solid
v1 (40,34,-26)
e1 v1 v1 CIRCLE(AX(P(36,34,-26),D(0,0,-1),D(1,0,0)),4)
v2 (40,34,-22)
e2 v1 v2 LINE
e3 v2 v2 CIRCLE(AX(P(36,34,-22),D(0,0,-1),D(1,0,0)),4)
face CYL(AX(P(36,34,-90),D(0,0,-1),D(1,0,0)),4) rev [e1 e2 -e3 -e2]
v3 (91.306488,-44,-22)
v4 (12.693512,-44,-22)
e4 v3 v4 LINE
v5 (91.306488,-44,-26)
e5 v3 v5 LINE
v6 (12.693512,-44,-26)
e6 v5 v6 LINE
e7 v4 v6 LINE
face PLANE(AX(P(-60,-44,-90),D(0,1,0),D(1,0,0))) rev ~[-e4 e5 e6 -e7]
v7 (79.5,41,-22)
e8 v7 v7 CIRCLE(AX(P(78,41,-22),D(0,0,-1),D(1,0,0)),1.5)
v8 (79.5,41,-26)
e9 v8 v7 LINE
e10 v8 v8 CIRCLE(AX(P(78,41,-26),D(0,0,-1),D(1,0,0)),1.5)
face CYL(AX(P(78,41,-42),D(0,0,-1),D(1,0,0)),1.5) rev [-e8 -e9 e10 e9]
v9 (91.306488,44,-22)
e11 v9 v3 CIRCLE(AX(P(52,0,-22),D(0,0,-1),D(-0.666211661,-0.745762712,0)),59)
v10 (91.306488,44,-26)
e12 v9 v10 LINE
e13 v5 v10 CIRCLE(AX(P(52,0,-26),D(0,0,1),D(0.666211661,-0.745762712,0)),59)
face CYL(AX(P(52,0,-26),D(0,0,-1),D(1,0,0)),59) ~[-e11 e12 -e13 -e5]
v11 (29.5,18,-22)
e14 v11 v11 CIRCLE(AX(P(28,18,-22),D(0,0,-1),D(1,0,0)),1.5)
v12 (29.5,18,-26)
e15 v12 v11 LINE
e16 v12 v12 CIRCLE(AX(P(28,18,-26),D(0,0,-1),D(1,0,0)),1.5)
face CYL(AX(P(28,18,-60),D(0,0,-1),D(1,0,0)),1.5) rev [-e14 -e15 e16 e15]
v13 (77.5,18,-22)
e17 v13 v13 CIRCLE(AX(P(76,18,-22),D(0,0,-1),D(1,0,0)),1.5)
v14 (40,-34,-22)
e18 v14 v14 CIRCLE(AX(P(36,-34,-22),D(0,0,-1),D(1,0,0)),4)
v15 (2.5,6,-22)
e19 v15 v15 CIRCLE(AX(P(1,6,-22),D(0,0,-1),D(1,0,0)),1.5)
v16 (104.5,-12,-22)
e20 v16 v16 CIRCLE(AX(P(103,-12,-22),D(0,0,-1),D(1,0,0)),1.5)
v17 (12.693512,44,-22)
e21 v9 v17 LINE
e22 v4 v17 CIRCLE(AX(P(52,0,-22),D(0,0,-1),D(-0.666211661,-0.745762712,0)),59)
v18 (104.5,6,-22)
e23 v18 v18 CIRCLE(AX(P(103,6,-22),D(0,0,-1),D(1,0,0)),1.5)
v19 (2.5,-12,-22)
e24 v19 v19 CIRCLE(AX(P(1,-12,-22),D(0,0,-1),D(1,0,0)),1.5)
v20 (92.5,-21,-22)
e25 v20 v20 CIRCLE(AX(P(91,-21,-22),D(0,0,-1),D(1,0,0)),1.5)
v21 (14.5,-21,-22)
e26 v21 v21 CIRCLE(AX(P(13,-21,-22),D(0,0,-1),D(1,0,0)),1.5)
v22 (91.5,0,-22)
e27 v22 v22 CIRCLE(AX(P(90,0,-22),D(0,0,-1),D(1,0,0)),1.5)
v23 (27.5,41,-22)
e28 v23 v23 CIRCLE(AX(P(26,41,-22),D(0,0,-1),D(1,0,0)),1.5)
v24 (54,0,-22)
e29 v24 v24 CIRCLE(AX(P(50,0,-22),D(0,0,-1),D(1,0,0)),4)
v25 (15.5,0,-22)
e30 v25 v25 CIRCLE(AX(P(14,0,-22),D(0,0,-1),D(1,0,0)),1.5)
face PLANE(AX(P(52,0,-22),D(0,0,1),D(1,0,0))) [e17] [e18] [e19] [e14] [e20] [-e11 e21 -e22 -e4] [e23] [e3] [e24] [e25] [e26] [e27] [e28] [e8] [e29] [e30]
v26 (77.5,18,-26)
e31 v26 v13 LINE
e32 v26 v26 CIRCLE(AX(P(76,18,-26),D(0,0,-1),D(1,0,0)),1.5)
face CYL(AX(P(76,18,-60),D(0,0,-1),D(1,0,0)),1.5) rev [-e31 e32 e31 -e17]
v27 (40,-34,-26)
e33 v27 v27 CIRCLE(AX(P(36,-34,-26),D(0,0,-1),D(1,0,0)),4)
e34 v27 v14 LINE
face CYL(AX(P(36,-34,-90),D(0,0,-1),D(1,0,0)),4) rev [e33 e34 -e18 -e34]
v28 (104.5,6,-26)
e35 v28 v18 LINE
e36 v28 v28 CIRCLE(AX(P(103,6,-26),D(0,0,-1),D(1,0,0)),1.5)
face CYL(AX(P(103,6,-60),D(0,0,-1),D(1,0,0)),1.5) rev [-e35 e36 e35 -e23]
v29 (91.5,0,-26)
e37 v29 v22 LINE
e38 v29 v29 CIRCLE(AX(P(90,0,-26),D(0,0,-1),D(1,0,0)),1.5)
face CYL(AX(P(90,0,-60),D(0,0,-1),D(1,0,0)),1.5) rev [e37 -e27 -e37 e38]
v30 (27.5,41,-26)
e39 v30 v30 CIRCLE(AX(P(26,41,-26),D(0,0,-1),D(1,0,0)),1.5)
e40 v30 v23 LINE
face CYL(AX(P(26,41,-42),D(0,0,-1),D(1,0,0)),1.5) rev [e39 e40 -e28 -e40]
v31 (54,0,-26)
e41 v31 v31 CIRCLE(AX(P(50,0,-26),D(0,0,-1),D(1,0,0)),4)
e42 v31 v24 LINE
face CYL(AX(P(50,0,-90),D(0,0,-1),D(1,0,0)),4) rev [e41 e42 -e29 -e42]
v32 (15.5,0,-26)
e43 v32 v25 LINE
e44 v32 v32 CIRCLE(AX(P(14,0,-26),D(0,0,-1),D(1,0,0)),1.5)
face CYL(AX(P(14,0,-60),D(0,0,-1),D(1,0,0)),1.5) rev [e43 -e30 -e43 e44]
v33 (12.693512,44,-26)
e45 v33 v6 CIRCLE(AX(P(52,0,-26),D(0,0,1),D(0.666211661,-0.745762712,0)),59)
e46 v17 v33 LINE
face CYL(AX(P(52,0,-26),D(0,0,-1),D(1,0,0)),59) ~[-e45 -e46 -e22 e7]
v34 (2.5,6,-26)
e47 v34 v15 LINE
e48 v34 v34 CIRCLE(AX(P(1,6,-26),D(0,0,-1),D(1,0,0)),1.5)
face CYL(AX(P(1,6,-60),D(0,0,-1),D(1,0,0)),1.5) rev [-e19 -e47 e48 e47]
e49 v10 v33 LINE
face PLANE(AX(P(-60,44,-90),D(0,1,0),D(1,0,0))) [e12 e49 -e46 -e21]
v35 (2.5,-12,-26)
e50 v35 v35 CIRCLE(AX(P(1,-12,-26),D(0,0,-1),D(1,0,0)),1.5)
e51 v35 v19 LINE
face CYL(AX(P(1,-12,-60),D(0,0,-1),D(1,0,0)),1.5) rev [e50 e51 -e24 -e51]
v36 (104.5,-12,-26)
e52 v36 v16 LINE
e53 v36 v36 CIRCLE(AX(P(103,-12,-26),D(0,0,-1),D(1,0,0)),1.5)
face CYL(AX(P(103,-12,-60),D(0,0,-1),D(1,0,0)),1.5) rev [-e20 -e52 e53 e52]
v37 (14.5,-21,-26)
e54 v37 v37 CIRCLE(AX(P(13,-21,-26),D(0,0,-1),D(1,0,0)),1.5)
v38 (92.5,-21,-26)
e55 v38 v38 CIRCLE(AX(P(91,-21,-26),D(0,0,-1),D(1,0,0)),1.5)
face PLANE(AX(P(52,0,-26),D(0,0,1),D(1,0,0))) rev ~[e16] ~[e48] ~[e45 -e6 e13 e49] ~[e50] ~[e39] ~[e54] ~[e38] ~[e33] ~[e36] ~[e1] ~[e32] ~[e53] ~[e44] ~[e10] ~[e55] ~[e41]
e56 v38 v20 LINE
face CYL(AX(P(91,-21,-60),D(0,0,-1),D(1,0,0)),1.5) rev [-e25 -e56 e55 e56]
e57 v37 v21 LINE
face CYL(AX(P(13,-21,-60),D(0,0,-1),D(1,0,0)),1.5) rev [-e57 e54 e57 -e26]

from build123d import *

# Parameters (mm, degrees)
CYLINDER1271_R     = 1.5
CYLINDER1271_DEPTH = 100
CYLINDER1270_R     = 1.5
CYLINDER1270_DEPTH = 100
CYLINDER1269_R     = 1.5
CYLINDER1269_DEPTH = 32
CYLINDER1268_R     = 1.5
CYLINDER1268_DEPTH = 32
BOX235_W           = 200
BOX235_H           = 100
BOX235_DEPTH       = 100
BOX233_W           = 200
BOX233_H           = 100
BOX233_DEPTH       = 100
CYLINDER1127_R     = 4
CYLINDER1127_DEPTH = 100
CYLINDER1128_R     = 4
CYLINDER1128_DEPTH = 100
CYLINDER1129_R     = 4
CYLINDER1129_DEPTH = 100
CYLINDER1125_R     = 4
CYLINDER1125_DEPTH = 100
CYLINDER1130_R     = 4
CYLINDER1130_DEPTH = 100
CYLINDER1126_R     = 4
CYLINDER1126_DEPTH = 100
CYLINDER1102_R     = 1.5
CYLINDER1102_DEPTH = 100
CYLINDER1103_R     = 1.5
CYLINDER1103_DEPTH = 100
CYLINDER1104_R     = 1.5
CYLINDER1104_DEPTH = 100
CYLINDER1105_R     = 1.5
CYLINDER1105_DEPTH = 100
CYLINDER1106_R     = 1.5
CYLINDER1106_DEPTH = 100
CYLINDER1107_R     = 1.5
CYLINDER1107_DEPTH = 100
CYLINDER1108_R     = 1.5
CYLINDER1108_DEPTH = 100
CYLINDER1101_R     = 1.5
CYLINDER1101_DEPTH = 100
CYLINDER1092_R     = 59
CYLINDER1092_DEPTH = 4


with BuildPart() as v_lec1271:
    # Cylinder1271 → Cylinder1271 (new body)
    with BuildSketch(Plane(origin=(14, 0, -60), x_dir=(1, 0, 0), z_dir=(0, 0, 1))):
        Circle(CYLINDER1271_R)
    extrude(amount=CYLINDER1271_DEPTH)


with BuildPart() as srouby_troj005:
    # Cylinder1270 → Cylinder1270 (new body)
    with BuildSketch(Plane(origin=(90, 0, -60), x_dir=(1, 0, 0), z_dir=(0, 0, 1))):
        Circle(CYLINDER1270_R)
    extrude(amount=CYLINDER1270_DEPTH)

    # Compound834: union Válec1271
    add(v_lec1271.part)


with BuildPart() as v_lec1269:
    # Cylinder1269 → Cylinder1269 (new body)
    with BuildSketch(Plane(origin=(78, 41, -42), x_dir=(1, 0, 0), z_dir=(0, 0, 1))):
        Circle(CYLINDER1269_R)
    extrude(amount=CYLINDER1269_DEPTH)


with BuildPart() as compound833:
    # Cylinder1268 → Cylinder1268 (new body)
    with BuildSketch(Plane(origin=(26, 41, -42), x_dir=(1, 0, 0), z_dir=(0, 0, 1))):
        Circle(CYLINDER1268_R)
    extrude(amount=CYLINDER1268_DEPTH)

    # Compound833: union Válec1269
    add(v_lec1269.part)


with BuildPart() as krychle235:
    # Box235 → Box235 (new body)
    with BuildSketch(Plane(origin=(-60, 44, -90), x_dir=(1, 0, 0), z_dir=(0, 0, 1))):
        with Locations((100, 50)):
            Rectangle(BOX235_W, BOX235_H)
    extrude(amount=BOX235_DEPTH)


with BuildPart() as krychle233:
    # Box233 → Box233 (new body)
    with BuildSketch(Plane(origin=(-60, -144, -90), x_dir=(1, 0, 0), z_dir=(0, 0, 1))):
        with Locations((100, 50)):
            Rectangle(BOX233_W, BOX233_H)
    extrude(amount=BOX233_DEPTH)


with BuildPart() as v_lec1127:
    # Cylinder1127 → Cylinder1127 (new body)
    with BuildSketch(Plane(origin=(-36, 34, -90), x_dir=(1, 0, 0), z_dir=(0, 0, 1))):
        Circle(CYLINDER1127_R)
    extrude(amount=CYLINDER1127_DEPTH)


with BuildPart() as v_lec1128:
    # Cylinder1128 → Cylinder1128 (new body)
    with BuildSketch(Plane(origin=(-36, -34, -90), x_dir=(1, 0, 0), z_dir=(0, 0, 1))):
        Circle(CYLINDER1128_R)
    extrude(amount=CYLINDER1128_DEPTH)


with BuildPart() as v_lec1129:
    # Cylinder1129 → Cylinder1129 (new body)
    with BuildSketch(Plane(origin=(50, 0, -90), x_dir=(1, 0, 0), z_dir=(0, 0, 1))):
        Circle(CYLINDER1129_R)
    extrude(amount=CYLINDER1129_DEPTH)


with BuildPart() as v_lec1125:
    # Cylinder1125 → Cylinder1125 (new body)
    with BuildSketch(Plane(origin=(36, 34, -90), x_dir=(1, 0, 0), z_dir=(0, 0, 1))):
        Circle(CYLINDER1125_R)
    extrude(amount=CYLINDER1125_DEPTH)


with BuildPart() as v_lec1130:
    # Cylinder1130 → Cylinder1130 (new body)
    with BuildSketch(Plane(origin=(36, -34, -90), x_dir=(1, 0, 0), z_dir=(0, 0, 1))):
        Circle(CYLINDER1130_R)
    extrude(amount=CYLINDER1130_DEPTH)


with BuildPart() as sbouby_baze_silne:
    # Cylinder1126 → Cylinder1126 (new body)
    with BuildSketch(Plane(origin=(-50, 0, -90), x_dir=(1, 0, 0), z_dir=(0, 0, 1))):
        Circle(CYLINDER1126_R)
    extrude(amount=CYLINDER1126_DEPTH)

    # Compound565: union Válec1127, Válec1128, Válec1129, Válec1125, Válec1130
    add(v_lec1127.part)
    add(v_lec1128.part)
    add(v_lec1129.part)
    add(v_lec1125.part)
    add(v_lec1130.part)


with BuildPart() as v_lec1102:
    # Cylinder1102 → Cylinder1102 (new body)
    with BuildSketch(Plane(origin=(103, 6, -60), x_dir=(1, 0, 0), z_dir=(0, 0, 1))):
        Circle(CYLINDER1102_R)
    extrude(amount=CYLINDER1102_DEPTH)


with BuildPart() as v_lec1103:
    # Cylinder1103 → Cylinder1103 (new body)
    with BuildSketch(Plane(origin=(76, 18, -60), x_dir=(1, 0, 0), z_dir=(0, 0, 1))):
        Circle(CYLINDER1103_R)
    extrude(amount=CYLINDER1103_DEPTH)


with BuildPart() as v_lec1104:
    # Cylinder1104 → Cylinder1104 (new body)
    with BuildSketch(Plane(origin=(91, -21, -60), x_dir=(1, 0, 0), z_dir=(0, 0, 1))):
        Circle(CYLINDER1104_R)
    extrude(amount=CYLINDER1104_DEPTH)


with BuildPart() as v_lec1105:
    # Cylinder1105 → Cylinder1105 (new body)
    with BuildSketch(Plane(origin=(13, -21, -60), x_dir=(1, 0, 0), z_dir=(0, 0, 1))):
        Circle(CYLINDER1105_R)
    extrude(amount=CYLINDER1105_DEPTH)


with BuildPart() as v_lec1106:
    # Cylinder1106 → Cylinder1106 (new body)
    with BuildSketch(Plane(origin=(28, 18, -60), x_dir=(1, 0, 0), z_dir=(0, 0, 1))):
        Circle(CYLINDER1106_R)
    extrude(amount=CYLINDER1106_DEPTH)


with BuildPart() as v_lec1107:
    # Cylinder1107 → Cylinder1107 (new body)
    with BuildSketch(Plane(origin=(1, -12, -60), x_dir=(1, 0, 0), z_dir=(0, 0, 1))):
        Circle(CYLINDER1107_R)
    extrude(amount=CYLINDER1107_DEPTH)


with BuildPart() as v_lec1108:
    # Cylinder1108 → Cylinder1108 (new body)
    with BuildSketch(Plane(origin=(1, 6, -60), x_dir=(1, 0, 0), z_dir=(0, 0, 1))):
        Circle(CYLINDER1108_R)
    extrude(amount=CYLINDER1108_DEPTH)


with BuildPart() as srouby_monoblok001:
    # Cylinder1101 → Cylinder1101 (new body)
    with BuildSketch(Plane(origin=(103, -12, -60), x_dir=(1, 0, 0), z_dir=(0, 0, 1))):
        Circle(CYLINDER1101_R)
    extrude(amount=CYLINDER1101_DEPTH)

    # Compound562: union Válec1102, Válec1103, Válec1104, Válec1105, Válec1106, Válec1107, Válec1108
    add(v_lec1102.part)
    add(v_lec1103.part)
    add(v_lec1104.part)
    add(v_lec1105.part)
    add(v_lec1106.part)
    add(v_lec1107.part)
    add(v_lec1108.part)


with BuildPart() as cut291:
    # Cylinder1092 → Cylinder1092 (new body)
    with BuildSketch(Plane(origin=(52, 0, -26), x_dir=(1, 0, 0), z_dir=(0, 0, 1))):
        Circle(CYLINDER1092_R)
    extrude(amount=CYLINDER1092_DEPTH)

    # Cut250: cut srouby_monoblok001
    add(srouby_monoblok001.part, mode=Mode.SUBTRACT)

    # Cut251: cut sbouby_baze_silne
    add(sbouby_baze_silne.part, mode=Mode.SUBTRACT)

    # Cut285: cut Krychle233
    add(krychle233.part, mode=Mode.SUBTRACT)

    # Cut287: cut Krychle235
    add(krychle235.part, mode=Mode.SUBTRACT)

    # Cut288: cut Compound833
    add(compound833.part, mode=Mode.SUBTRACT)

    # Cut291: cut srouby_troj005
    add(srouby_troj005.part, mode=Mode.SUBTRACT)


solid = cut291.part
